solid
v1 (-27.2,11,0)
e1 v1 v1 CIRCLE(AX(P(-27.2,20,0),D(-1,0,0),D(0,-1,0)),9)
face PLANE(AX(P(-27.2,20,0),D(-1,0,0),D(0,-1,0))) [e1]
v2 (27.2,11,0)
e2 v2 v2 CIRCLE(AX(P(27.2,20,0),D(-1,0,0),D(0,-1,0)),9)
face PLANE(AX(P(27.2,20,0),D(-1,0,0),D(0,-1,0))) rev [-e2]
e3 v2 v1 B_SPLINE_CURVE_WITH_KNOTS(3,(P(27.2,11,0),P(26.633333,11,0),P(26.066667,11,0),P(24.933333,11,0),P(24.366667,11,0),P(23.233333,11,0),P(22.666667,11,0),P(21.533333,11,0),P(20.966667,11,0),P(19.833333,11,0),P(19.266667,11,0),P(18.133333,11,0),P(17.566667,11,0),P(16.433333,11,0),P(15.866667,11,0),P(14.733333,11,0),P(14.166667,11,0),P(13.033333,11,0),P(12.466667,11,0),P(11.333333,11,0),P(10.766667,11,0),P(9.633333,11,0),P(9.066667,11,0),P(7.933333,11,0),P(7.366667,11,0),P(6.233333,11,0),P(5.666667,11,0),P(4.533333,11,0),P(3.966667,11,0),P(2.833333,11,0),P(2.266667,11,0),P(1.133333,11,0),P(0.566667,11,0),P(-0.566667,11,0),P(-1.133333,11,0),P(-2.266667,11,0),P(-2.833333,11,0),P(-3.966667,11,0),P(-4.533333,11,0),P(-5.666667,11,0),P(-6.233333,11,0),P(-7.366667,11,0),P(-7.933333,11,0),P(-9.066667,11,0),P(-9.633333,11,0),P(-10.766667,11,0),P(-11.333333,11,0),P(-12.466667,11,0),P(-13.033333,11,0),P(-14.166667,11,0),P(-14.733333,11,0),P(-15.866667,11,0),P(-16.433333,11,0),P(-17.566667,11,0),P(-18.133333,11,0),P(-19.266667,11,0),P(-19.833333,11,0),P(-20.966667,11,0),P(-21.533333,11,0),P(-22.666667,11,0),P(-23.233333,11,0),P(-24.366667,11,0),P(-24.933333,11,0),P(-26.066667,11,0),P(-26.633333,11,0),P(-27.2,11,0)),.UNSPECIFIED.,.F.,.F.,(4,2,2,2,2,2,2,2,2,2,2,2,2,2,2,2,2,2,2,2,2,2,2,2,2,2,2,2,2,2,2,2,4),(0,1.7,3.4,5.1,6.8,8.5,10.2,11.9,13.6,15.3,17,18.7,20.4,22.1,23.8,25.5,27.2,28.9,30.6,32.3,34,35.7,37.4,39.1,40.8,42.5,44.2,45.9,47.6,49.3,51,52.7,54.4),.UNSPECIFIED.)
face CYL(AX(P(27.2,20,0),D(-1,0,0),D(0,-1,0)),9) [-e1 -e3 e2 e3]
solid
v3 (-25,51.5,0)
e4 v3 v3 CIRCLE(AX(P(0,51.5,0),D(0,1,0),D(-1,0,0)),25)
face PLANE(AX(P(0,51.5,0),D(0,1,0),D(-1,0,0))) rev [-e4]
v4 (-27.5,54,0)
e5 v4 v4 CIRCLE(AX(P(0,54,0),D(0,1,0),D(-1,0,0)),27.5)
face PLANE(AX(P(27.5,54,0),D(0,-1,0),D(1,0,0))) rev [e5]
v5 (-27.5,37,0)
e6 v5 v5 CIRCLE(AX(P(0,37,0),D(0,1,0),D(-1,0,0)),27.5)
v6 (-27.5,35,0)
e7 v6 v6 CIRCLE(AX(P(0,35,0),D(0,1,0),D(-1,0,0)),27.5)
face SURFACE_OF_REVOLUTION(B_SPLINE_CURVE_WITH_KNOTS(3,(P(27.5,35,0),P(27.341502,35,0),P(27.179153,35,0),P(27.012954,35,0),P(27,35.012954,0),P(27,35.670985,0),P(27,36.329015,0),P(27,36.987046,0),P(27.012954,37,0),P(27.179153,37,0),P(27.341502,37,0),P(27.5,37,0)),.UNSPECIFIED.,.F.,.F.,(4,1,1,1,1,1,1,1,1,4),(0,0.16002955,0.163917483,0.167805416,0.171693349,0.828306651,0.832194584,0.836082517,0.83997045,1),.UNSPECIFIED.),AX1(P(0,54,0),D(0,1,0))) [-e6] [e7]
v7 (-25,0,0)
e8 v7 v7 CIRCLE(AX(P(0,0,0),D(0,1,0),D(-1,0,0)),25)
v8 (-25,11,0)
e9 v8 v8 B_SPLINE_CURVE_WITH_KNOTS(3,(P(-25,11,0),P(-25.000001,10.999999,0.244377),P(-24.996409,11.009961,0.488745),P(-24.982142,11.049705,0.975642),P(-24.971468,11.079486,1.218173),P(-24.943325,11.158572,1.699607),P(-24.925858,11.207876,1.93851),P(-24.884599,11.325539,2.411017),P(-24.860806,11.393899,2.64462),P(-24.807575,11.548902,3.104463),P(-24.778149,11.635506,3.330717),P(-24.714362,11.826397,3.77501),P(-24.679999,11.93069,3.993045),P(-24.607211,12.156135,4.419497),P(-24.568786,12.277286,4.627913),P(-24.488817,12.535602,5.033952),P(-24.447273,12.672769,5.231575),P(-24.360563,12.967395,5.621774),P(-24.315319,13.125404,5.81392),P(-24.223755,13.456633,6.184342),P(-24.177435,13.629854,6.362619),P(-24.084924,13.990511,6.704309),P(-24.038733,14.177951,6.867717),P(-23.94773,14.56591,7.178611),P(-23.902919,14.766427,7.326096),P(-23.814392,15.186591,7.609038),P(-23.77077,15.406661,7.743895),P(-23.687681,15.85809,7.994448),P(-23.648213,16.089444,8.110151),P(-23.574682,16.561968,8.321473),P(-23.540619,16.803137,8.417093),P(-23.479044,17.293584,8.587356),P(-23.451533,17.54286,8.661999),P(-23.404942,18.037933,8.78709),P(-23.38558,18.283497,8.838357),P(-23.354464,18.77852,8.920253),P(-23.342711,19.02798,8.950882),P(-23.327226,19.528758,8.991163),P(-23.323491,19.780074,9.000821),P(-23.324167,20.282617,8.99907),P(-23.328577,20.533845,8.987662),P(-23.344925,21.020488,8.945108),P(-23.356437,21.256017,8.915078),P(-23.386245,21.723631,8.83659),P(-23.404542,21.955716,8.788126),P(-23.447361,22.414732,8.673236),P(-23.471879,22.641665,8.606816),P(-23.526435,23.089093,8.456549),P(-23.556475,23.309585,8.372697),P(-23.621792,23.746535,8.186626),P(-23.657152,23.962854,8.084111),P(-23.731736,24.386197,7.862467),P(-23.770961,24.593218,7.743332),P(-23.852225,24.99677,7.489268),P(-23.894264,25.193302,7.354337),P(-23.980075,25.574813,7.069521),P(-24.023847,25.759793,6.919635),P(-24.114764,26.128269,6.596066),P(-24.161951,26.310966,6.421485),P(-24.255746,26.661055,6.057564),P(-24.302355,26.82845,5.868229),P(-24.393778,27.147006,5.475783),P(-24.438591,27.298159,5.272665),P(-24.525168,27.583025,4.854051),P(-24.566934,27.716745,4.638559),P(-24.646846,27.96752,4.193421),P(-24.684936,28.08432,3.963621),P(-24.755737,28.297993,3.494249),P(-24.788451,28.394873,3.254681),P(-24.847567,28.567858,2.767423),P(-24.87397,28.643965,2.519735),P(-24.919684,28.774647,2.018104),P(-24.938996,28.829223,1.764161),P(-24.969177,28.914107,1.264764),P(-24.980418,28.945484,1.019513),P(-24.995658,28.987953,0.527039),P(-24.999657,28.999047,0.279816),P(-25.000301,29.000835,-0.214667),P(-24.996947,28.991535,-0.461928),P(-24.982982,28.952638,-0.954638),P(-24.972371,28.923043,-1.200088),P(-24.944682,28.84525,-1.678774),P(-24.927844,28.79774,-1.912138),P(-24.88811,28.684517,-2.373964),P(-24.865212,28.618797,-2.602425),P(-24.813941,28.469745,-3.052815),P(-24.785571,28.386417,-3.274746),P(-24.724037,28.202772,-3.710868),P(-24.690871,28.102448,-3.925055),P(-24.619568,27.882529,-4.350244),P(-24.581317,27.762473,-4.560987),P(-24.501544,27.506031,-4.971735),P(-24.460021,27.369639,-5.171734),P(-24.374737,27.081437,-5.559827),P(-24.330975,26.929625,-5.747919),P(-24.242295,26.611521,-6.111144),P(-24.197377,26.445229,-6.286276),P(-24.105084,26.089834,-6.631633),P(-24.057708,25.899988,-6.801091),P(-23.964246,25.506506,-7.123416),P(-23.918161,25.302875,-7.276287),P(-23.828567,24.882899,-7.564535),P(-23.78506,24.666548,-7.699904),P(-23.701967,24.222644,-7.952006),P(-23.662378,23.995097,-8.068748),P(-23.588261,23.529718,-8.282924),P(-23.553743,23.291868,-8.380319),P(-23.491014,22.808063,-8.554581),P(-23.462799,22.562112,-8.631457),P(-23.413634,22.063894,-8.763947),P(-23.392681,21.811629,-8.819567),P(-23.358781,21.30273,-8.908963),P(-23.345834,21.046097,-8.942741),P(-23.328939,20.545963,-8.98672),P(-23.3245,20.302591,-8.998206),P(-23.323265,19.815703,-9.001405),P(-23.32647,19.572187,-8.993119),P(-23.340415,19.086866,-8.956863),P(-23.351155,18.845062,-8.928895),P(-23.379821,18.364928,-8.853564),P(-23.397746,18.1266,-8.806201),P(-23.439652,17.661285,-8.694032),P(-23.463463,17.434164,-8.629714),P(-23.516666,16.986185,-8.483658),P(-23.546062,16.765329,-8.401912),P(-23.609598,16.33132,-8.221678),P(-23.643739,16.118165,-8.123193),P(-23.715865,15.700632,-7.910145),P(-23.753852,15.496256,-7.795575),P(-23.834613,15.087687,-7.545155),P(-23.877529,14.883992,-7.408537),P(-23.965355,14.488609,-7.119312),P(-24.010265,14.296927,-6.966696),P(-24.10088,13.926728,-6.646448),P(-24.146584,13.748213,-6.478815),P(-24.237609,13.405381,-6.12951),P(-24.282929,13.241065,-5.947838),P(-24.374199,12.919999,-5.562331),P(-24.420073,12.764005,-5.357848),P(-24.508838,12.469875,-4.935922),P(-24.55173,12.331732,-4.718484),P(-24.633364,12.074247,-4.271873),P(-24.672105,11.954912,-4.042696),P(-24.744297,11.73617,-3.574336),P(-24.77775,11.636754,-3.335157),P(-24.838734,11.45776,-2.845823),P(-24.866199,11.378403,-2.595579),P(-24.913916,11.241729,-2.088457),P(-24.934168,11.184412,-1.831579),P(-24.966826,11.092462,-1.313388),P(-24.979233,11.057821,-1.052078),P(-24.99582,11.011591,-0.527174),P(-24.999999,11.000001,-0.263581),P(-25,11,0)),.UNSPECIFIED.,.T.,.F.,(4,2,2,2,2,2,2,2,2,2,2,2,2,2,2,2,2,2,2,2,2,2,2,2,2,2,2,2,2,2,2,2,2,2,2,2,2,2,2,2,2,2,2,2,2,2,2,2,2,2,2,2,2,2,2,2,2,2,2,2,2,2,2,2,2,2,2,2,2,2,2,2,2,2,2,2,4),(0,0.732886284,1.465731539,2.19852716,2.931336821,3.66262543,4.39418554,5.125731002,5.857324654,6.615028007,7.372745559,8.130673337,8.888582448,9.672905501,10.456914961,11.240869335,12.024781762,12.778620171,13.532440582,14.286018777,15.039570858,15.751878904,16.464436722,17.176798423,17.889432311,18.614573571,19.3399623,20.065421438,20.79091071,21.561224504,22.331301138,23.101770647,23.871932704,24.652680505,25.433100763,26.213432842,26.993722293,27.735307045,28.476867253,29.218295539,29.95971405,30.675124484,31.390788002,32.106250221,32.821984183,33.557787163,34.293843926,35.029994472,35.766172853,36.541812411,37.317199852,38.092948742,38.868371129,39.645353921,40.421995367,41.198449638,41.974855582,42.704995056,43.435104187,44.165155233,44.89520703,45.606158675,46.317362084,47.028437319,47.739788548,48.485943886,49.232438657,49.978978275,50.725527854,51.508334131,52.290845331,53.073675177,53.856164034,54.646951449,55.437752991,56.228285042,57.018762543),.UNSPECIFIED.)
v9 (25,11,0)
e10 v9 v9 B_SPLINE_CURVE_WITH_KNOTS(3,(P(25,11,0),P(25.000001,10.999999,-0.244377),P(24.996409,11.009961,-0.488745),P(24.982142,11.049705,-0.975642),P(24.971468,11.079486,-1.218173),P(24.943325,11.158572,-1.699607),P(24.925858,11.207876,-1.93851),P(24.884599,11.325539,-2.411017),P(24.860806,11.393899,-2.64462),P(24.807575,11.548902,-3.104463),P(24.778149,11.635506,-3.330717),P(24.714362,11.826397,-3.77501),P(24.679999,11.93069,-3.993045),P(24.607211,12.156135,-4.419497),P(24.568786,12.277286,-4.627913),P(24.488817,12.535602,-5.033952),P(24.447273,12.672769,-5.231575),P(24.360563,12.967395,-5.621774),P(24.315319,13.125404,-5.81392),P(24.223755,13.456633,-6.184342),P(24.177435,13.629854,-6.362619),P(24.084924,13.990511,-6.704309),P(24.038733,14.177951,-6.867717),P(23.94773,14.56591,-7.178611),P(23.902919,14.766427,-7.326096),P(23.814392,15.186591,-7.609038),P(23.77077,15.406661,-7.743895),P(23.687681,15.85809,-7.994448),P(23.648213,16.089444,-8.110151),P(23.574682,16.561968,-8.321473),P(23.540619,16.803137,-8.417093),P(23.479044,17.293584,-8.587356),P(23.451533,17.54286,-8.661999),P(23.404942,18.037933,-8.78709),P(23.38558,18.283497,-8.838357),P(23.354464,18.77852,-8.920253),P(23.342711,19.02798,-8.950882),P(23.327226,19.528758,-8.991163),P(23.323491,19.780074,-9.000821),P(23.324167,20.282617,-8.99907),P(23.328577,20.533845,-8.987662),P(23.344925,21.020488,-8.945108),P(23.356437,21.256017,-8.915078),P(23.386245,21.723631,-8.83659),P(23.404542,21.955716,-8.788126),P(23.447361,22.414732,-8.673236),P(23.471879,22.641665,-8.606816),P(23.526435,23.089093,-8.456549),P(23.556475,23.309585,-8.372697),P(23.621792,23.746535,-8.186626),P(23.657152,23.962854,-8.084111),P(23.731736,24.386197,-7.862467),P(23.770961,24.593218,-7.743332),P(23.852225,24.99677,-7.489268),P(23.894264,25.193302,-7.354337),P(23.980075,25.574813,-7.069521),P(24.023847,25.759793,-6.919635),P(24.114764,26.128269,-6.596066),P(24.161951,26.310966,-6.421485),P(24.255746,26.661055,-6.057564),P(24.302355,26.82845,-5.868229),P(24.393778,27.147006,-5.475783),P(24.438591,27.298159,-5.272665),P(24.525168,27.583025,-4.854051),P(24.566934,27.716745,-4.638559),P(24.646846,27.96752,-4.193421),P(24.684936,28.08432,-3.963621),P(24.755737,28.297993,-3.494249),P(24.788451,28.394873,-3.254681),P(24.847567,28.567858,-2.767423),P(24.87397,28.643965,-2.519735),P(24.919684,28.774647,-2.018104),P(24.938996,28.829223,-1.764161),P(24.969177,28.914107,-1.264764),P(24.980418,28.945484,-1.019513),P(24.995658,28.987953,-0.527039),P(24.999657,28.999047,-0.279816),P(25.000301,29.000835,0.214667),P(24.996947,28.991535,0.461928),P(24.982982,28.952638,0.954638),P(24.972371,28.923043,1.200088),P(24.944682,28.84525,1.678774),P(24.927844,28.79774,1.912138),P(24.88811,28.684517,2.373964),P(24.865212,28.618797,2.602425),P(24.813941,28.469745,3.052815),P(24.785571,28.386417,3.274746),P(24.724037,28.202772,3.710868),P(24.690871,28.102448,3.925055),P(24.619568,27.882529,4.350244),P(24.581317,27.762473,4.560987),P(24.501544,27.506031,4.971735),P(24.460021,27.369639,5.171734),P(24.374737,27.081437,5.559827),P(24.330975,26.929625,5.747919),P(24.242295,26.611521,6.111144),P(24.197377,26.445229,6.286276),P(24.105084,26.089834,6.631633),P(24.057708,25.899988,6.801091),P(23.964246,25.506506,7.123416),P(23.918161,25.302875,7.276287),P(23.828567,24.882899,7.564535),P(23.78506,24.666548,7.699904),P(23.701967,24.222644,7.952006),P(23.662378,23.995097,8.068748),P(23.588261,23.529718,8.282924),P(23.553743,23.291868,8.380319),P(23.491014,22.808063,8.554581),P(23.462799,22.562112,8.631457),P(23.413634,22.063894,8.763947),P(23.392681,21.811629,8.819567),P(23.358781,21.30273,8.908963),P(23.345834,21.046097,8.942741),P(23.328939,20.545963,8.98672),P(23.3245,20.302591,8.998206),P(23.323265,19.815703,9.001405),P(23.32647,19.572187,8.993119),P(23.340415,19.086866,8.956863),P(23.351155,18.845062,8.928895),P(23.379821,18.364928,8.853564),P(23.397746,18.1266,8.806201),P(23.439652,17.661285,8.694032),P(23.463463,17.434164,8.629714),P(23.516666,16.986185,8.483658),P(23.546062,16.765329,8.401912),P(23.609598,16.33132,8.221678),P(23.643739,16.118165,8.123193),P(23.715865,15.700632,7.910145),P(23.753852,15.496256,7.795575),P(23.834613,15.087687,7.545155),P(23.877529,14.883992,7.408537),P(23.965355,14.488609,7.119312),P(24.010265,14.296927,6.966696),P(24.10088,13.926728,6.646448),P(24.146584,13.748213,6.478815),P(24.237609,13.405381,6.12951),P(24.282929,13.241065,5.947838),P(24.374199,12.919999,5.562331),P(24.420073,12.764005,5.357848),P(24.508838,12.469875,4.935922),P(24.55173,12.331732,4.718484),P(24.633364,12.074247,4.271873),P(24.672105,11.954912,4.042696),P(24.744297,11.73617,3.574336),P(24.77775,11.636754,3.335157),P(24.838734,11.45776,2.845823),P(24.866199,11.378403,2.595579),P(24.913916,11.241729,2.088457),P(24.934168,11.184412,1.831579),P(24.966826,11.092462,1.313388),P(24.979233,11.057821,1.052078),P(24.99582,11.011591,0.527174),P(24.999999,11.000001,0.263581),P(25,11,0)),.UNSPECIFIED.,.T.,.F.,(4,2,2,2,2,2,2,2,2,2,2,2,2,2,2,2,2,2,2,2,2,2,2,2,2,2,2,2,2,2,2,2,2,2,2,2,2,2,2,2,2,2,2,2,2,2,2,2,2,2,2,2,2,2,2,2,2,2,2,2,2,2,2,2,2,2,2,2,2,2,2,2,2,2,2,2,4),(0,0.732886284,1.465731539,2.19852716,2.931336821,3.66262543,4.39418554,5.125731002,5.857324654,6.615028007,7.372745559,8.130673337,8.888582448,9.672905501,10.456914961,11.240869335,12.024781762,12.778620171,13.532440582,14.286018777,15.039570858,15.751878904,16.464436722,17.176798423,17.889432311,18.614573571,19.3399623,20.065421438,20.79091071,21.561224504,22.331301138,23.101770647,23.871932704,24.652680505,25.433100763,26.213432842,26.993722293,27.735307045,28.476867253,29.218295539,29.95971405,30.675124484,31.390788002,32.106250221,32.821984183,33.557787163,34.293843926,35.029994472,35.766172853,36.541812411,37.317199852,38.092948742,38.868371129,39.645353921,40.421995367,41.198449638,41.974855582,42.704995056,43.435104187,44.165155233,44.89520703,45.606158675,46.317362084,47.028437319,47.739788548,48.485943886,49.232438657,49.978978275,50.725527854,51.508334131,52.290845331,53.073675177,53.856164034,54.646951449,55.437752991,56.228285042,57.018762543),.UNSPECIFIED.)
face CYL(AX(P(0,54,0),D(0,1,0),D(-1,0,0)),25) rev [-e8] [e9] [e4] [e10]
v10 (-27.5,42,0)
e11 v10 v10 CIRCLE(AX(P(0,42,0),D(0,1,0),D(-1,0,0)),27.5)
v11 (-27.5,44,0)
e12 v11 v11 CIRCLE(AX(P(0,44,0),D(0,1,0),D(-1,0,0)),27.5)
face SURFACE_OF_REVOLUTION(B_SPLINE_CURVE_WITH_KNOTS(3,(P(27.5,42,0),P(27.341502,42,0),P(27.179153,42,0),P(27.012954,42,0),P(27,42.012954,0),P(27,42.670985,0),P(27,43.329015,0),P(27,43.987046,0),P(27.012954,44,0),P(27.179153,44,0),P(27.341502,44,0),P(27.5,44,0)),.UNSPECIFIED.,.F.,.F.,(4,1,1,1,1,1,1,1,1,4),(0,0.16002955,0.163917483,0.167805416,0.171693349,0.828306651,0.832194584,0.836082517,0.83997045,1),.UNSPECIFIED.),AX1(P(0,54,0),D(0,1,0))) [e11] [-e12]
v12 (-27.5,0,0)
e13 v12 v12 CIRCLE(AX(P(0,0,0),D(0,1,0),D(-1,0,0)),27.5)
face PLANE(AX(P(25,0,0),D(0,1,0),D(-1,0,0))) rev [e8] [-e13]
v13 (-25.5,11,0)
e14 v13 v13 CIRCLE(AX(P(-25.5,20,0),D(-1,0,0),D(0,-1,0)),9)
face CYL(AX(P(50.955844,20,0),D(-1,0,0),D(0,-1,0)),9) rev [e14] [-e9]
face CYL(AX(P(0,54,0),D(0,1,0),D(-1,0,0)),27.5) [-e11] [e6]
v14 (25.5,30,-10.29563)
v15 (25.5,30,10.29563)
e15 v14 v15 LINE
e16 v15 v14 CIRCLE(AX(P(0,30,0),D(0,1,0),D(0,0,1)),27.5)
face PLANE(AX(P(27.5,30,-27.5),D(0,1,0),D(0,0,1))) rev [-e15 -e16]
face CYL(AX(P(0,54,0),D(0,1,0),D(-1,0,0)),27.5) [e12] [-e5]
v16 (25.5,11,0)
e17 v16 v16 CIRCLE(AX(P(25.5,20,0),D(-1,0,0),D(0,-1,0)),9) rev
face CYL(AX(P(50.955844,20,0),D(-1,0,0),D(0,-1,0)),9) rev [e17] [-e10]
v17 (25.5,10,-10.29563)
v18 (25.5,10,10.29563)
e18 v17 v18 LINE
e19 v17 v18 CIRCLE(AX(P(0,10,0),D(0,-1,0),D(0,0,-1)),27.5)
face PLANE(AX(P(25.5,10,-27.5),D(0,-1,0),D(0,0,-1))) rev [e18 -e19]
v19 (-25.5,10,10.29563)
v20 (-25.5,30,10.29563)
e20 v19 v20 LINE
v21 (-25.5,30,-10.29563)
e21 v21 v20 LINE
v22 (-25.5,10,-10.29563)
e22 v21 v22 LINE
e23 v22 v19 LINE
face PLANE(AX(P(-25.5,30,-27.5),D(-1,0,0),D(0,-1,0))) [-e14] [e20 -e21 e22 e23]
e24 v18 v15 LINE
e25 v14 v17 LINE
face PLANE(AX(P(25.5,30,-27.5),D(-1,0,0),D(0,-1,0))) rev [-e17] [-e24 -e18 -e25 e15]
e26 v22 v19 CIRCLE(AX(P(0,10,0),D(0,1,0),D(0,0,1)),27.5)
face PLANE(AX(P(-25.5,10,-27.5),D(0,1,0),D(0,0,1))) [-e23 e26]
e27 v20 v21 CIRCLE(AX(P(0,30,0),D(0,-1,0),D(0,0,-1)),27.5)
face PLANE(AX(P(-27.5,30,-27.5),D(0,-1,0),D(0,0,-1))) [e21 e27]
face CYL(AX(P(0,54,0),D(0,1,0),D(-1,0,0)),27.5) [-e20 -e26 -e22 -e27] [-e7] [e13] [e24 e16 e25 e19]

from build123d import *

# Parameters (mm, degrees)
SKETCH4_W                = 2
SKETCH4_H                = 20
CUT_EXTRUDE1_DEPTH       = 67.546975972
CUT_EXTRUDE2_REACH       = 82.506
SKETCH5_R                = 9
BOSS_EXTRUDE1_DEPTH      = 1.7
BOSS_EXTRUDE1_DEPTH_BACK = 52.7
SKETCH6_R                = 9


with BuildPart() as part:
    # Sketch2 → Revolve1 (revolve)
    with BuildSketch(Plane.XY, mode=Mode.PRIVATE) as revolve1_sk:
        with BuildLine():
            Line((27.5, 54), (0, 54))
            Line((0, 54), (0, 51.5))
            Line((0, 51.5), (25, 51.5))
            Line((25, 51.5), (25, 0))
            Line((25, 0), (27.5, 0))
            Line((27.5, 0), (27.5, 35))
            add(Edge.make_bspline(
                [(27.5, 37), (27.341501954, 37), (27.179153184, 37), (27.012953688, 37), (27, 36.987046312), (27, 36.329015437), (27, 35.670984563), (27, 35.012953688), (27.012953688, 35), (27.179153184, 35), (27.341501954, 35), (27.5, 35)],
                knots=[0, 0, 0, 0, 0.16002955, 0.163917483, 0.167805416, 0.171693349, 0.828306651, 0.832194584, 0.836082517, 0.83997045, 1, 1, 1, 1], degree=3))
            Line((27.5, 37), (27.5, 42))
            add(Edge.make_bspline(
                [(27.5, 44), (27.341501954, 44), (27.179153184, 44), (27.012953688, 44), (27, 43.987046312), (27, 43.329015437), (27, 42.670984563), (27, 42.012953688), (27.012953688, 42), (27.179153184, 42), (27.341501954, 42), (27.5, 42)],
                knots=[0, 0, 0, 0, 0.16002955, 0.163917483, 0.167805416, 0.171693349, 0.828306651, 0.832194584, 0.836082517, 0.83997045, 1, 1, 1, 1], degree=3))
            Line((27.5, 44), (27.5, 54))
        make_face()
    revolve(revolve1_sk.sketch.rotate(Axis((0, 54, 0), (0, -1, 0)), 180), axis=Axis((0, 54, 0), (0, -1, 0)))

    # Sketch4 → Cut-Extrude1 (cut, symmetric)
    with BuildSketch(Plane.XY):
        with Locations((-26.5, 20)):
            Rectangle(SKETCH4_W, SKETCH4_H)
    cut_extrude1 = extrude(amount=CUT_EXTRUDE1_DEPTH, both=True, mode=Mode.SUBTRACT)

    # Mirror1: Cut-Extrude1 across plane
    add(cut_extrude1.mirror(Plane(origin=(0, 0, 0), x_dir=(0, 0, 1), z_dir=(1, 0, 0))), mode=Mode.SUBTRACT)

    # Cut-Extrude2: up to this face of the body (flat: up to its plane)
    cut_extrude2_end = Plane(part.part.faces().sort_by_distance((25.5, 20, 0))[0])
    # Sketch5 → Cut-Extrude2 (cut, up to the picked face)
    with BuildSketch(Plane.ZY.offset(25.5), mode=Mode.PRIVATE) as cut_extrude2_sk1:
        with Locations(Location((0, 20, 0), (0, 0, 270))):
            Circle(SKETCH5_R)
    cut_extrude2_tool1 = split(extrude(cut_extrude2_sk1.sketch, amount=-CUT_EXTRUDE2_REACH, mode=Mode.PRIVATE), bisect_by=cut_extrude2_end, keep=Keep.BOTH, mode=Mode.PRIVATE)
    add(cut_extrude2_tool1.solids().sort_by(Axis((-25.5, 20, 0), (1, 0, 0)))[0], mode=Mode.SUBTRACT)


with BuildPart() as body_2:
    # Sketch6 → Boss-Extrude1 (new, two sides: drawn at the far end of the back side and taken through both)
    with BuildSketch(Plane.ZY.offset(25.5).offset(-BOSS_EXTRUDE1_DEPTH_BACK)):
        with Locations(Location((0, 20, 0), (0, 0, 270))):
            Circle(SKETCH6_R)
    extrude(amount=BOSS_EXTRUDE1_DEPTH + BOSS_EXTRUDE1_DEPTH_BACK)


solid = Compound([part.part, body_2.part])
